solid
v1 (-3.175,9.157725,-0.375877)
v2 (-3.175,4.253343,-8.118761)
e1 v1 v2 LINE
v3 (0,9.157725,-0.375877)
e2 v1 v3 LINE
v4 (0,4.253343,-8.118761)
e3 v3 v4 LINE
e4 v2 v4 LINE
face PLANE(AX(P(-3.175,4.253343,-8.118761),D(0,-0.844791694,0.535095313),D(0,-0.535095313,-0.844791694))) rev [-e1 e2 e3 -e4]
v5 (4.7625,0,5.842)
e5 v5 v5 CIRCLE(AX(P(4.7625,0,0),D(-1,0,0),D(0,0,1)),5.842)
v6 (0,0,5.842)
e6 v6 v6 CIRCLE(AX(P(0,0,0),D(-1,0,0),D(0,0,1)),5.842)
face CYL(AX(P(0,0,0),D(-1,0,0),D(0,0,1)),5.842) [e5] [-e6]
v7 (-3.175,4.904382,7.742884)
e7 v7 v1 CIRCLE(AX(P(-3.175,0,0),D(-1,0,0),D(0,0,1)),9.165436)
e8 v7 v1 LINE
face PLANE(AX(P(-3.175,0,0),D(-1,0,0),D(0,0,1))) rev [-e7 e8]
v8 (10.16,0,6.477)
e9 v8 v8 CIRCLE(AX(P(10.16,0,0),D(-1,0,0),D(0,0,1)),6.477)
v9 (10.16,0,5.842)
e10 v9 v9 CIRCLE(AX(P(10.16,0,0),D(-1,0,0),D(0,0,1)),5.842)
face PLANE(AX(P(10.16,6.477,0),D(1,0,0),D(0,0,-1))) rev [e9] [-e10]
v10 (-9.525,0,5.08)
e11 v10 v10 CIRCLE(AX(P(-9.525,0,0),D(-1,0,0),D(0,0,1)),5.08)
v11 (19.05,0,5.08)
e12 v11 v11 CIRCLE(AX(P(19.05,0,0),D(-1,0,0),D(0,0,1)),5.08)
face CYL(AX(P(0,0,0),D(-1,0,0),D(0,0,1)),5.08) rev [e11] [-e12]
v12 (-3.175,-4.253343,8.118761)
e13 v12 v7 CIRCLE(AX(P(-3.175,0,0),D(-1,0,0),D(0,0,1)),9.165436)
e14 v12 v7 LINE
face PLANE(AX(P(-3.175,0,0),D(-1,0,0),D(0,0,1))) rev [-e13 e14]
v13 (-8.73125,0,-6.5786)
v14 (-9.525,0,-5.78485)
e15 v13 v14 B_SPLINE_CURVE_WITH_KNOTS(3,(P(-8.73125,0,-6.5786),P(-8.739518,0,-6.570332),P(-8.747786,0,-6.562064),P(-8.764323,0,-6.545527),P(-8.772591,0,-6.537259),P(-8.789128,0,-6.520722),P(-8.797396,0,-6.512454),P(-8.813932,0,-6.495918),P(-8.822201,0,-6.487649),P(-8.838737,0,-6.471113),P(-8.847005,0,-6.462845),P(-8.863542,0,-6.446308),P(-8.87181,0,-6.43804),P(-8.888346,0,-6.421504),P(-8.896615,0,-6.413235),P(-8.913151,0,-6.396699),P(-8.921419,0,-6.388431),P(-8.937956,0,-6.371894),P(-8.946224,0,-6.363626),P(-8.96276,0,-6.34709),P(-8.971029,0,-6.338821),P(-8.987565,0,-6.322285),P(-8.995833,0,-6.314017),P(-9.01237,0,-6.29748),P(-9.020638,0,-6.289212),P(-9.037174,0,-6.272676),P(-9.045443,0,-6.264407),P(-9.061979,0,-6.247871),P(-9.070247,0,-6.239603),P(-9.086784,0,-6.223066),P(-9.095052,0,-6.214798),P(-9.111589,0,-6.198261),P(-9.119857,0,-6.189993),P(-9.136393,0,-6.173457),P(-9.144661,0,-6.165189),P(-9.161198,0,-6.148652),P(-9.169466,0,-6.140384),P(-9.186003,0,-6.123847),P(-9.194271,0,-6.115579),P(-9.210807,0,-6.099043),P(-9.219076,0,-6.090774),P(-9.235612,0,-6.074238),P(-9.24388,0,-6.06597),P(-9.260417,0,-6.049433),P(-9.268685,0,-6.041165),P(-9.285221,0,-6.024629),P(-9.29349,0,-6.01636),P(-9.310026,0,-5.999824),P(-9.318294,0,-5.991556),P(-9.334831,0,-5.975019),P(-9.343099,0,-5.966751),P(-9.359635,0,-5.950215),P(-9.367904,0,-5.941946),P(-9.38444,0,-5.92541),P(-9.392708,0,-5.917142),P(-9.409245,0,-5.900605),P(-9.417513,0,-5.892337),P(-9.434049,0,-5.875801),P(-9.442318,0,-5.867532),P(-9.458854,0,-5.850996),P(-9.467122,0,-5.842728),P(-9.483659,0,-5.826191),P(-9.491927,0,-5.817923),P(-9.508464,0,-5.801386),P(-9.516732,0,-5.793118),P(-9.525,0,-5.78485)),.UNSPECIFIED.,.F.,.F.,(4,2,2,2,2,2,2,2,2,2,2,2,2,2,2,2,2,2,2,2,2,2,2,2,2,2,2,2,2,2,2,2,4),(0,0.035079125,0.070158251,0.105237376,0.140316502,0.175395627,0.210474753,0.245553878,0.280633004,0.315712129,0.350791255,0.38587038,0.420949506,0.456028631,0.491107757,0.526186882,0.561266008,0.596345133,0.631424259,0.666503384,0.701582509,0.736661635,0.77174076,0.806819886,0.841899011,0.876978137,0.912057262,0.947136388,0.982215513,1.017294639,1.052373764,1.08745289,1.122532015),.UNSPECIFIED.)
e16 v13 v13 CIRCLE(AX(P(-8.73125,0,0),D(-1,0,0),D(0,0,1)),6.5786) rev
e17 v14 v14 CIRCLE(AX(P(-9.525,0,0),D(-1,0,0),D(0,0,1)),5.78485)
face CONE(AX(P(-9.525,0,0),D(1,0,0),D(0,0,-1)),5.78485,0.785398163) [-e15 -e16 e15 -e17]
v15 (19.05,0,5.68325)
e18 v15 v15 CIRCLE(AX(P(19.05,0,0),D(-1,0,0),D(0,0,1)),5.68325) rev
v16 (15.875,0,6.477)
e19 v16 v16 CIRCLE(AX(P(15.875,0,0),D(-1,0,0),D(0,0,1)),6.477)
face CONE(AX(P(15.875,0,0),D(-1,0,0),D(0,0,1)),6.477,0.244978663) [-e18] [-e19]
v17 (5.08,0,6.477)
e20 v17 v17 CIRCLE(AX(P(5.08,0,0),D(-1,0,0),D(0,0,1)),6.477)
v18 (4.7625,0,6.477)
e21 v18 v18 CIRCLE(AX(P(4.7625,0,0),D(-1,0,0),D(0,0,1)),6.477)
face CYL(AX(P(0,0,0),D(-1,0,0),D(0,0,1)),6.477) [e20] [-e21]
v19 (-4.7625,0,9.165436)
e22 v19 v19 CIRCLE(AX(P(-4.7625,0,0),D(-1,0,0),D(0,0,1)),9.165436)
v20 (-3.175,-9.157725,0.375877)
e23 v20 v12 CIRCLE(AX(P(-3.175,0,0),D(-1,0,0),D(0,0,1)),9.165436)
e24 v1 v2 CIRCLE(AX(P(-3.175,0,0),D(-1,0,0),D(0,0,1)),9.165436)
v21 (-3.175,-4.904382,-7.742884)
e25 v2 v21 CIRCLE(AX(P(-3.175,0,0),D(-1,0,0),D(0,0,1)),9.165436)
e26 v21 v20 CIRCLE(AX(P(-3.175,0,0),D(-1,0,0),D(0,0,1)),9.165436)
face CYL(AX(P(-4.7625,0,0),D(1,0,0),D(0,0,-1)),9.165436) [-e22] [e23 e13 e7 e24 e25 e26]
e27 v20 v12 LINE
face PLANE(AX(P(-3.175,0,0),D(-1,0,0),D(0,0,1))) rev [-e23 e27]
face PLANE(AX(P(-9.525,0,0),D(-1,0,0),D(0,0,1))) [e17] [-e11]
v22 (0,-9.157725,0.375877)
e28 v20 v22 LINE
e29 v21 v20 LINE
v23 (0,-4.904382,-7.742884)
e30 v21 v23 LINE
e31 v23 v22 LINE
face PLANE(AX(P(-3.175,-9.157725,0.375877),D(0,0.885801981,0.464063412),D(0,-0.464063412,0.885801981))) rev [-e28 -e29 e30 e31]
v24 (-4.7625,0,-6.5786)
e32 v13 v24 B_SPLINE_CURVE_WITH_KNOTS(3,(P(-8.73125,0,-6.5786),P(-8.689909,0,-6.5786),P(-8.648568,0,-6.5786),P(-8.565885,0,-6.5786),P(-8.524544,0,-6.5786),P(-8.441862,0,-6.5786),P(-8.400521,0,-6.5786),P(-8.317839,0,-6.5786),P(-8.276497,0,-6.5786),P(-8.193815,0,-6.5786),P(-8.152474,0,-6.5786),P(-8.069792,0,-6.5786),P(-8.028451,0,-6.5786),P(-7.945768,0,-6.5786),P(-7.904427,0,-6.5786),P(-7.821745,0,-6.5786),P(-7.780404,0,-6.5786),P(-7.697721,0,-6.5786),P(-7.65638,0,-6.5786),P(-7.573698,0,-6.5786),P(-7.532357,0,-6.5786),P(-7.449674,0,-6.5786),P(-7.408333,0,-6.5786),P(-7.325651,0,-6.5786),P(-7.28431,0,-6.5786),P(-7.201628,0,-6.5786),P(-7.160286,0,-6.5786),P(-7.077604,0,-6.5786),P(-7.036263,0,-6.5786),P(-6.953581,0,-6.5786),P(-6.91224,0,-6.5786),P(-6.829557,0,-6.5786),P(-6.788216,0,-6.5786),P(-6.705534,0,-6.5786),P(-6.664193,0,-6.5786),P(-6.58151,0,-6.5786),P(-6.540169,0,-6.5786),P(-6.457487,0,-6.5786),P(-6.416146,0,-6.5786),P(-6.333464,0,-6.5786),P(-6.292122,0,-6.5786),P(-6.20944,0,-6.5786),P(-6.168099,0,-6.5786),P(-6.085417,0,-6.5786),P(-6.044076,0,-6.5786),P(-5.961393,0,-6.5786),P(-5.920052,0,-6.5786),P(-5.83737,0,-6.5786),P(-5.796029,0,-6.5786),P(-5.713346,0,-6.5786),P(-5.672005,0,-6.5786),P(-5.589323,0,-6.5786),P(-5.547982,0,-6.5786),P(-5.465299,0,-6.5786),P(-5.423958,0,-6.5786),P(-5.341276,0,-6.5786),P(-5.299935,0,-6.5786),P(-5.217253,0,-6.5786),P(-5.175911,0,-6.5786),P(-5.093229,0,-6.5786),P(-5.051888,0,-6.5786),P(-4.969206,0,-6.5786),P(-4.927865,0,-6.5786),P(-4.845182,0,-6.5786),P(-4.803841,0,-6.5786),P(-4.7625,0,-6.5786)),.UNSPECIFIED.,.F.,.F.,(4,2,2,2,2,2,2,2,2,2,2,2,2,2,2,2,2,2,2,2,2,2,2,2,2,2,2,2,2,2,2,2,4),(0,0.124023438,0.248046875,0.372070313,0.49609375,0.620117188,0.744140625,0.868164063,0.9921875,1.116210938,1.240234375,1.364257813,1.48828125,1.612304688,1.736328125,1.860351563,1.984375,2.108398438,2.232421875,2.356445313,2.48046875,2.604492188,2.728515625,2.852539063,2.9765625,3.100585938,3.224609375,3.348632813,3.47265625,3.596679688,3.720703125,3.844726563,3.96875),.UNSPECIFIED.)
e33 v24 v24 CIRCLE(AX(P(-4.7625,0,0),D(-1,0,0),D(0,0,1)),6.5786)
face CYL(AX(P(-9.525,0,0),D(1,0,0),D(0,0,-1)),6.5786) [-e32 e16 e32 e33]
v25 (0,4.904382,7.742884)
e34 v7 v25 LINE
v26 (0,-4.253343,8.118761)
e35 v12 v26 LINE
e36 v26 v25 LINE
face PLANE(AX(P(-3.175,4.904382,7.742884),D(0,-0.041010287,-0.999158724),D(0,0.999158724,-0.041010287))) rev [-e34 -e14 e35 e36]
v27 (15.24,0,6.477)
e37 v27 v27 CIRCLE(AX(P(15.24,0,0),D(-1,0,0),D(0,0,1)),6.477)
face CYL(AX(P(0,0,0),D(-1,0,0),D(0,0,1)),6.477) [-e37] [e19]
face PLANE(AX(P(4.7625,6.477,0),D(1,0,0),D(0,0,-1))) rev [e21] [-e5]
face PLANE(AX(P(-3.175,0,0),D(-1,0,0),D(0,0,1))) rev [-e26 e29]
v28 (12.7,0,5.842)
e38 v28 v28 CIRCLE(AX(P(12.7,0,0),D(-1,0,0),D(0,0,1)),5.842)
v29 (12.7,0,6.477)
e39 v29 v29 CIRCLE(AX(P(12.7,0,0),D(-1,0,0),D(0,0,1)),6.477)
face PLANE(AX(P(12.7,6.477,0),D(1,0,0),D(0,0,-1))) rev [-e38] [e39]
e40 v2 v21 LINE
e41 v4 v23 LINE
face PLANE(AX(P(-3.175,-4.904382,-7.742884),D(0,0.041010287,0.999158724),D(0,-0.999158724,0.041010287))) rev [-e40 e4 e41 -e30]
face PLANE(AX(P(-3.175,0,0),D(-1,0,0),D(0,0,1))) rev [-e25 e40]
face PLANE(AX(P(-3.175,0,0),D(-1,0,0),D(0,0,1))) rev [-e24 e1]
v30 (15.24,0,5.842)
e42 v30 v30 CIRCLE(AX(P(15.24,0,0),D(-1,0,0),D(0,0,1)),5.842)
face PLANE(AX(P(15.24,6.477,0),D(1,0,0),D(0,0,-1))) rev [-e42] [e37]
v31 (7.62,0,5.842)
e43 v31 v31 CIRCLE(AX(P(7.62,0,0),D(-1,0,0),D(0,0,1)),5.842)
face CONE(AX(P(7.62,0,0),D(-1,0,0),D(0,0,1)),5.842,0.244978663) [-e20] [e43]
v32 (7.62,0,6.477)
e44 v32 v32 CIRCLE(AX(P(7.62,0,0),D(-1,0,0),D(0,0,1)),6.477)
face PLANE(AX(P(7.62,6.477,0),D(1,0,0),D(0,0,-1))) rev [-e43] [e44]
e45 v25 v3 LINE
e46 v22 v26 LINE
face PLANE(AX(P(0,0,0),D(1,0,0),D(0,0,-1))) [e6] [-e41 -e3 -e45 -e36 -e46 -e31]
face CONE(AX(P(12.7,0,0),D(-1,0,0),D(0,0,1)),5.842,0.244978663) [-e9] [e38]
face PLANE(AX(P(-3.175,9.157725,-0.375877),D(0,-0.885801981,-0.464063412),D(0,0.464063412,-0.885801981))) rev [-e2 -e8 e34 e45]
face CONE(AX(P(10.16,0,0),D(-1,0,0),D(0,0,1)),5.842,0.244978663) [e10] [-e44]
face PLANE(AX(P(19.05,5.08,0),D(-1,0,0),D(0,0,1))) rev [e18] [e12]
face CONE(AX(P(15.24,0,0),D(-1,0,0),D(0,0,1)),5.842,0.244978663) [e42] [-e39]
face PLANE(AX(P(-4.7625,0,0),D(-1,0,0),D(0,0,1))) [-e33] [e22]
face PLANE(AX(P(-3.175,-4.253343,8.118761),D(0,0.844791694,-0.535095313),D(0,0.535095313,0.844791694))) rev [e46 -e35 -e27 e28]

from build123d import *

# Parameters (mm, degrees)
CHAMFER1_SIZE    = 0.79375
CHAMFER1_SIZE2   = 3.175
EXTRUSION1_DEPTH = 3.175
ESQUISSE3_R      = 9.165435523
EXTRUSION2_DEPTH = 1.5875
ESQUISSE4_R      = 6.5786
THREAD1_DEPTH    = 4.7625
CHAMFER2_SIZE    = 0.79375
HOLE1_D          = 10.16


with BuildPart() as part:
    # Esquisse1 → Revolution1 (revolve)
    with BuildSketch(Plane.XY, mode=Mode.PRIVATE) as revolution1_sk:
        Polygon((0, 5.08), (19.05, 5.08), (19.05, 6.477), (15.24, 6.477), (15.24, 5.842), (12.7, 6.477), (12.7, 5.842), (10.16, 6.477), (10.16, 5.842), (7.62, 6.477), (7.62, 5.842), (5.08, 6.477), (4.7625, 6.477), (4.7625, 5.842), (0, 5.842), align=None)
    revolve(revolution1_sk.sketch.rotate(Axis((0, 0, 0), (1, 0, 0)), 90), axis=Axis((0, 0, 0), (1, 0, 0)))

    # Chamfer1
    chamfer1_edges = [part.edges().sort_by_distance(p)[0] for p in [
        (19.05, 0, -6.477),
    ]]
    chamfer1_side = [part.faces().sort_by_distance(p)[0] for p in [
        (19.05, 0, -5.263197225),
    ]]
    chamfer(chamfer1_edges, length=CHAMFER1_SIZE, length2=CHAMFER1_SIZE2, reference=chamfer1_side[0])

    # Esquisse2 → Extrusion1 (add)
    with BuildSketch(Plane.ZY):
        Polygon((0.375877143, -9.157724865), (-7.742883803, -4.904381587), (-8.118760946, 4.253343278), (-0.375877143, 9.157724865), (7.742883803, 4.904381587), (8.118760946, -4.253343278), align=None)
    extrude(amount=EXTRUSION1_DEPTH)

    # Esquisse3 → Extrusion2 (add)
    with BuildSketch(Plane.ZY.offset(3.175)):
        with Locations(Location((0, 0, 0), (0, 0, 152.350375514))):
            Circle(ESQUISSE3_R)
    extrude(amount=EXTRUSION2_DEPTH)

    # Esquisse4 → Thread1 (add)
    with BuildSketch(Plane.ZY.offset(4.7625)):
        with Locations(Location((0, 0, 0), (0, 0, 180))):
            Circle(ESQUISSE4_R)
    extrude(amount=THREAD1_DEPTH)

    # Chamfer2
    chamfer2_edges = [part.edges().sort_by_distance(p)[0] for p in [
        (-9.525, 0, 6.5786),
    ]]
    chamfer(chamfer2_edges, length=CHAMFER2_SIZE)

    # Hole1 (through all)
    with Locations(Plane.ZY.offset(9.525)):
        with Locations((0, 0)):
            Hole(HOLE1_D / 2)


solid = part.part
